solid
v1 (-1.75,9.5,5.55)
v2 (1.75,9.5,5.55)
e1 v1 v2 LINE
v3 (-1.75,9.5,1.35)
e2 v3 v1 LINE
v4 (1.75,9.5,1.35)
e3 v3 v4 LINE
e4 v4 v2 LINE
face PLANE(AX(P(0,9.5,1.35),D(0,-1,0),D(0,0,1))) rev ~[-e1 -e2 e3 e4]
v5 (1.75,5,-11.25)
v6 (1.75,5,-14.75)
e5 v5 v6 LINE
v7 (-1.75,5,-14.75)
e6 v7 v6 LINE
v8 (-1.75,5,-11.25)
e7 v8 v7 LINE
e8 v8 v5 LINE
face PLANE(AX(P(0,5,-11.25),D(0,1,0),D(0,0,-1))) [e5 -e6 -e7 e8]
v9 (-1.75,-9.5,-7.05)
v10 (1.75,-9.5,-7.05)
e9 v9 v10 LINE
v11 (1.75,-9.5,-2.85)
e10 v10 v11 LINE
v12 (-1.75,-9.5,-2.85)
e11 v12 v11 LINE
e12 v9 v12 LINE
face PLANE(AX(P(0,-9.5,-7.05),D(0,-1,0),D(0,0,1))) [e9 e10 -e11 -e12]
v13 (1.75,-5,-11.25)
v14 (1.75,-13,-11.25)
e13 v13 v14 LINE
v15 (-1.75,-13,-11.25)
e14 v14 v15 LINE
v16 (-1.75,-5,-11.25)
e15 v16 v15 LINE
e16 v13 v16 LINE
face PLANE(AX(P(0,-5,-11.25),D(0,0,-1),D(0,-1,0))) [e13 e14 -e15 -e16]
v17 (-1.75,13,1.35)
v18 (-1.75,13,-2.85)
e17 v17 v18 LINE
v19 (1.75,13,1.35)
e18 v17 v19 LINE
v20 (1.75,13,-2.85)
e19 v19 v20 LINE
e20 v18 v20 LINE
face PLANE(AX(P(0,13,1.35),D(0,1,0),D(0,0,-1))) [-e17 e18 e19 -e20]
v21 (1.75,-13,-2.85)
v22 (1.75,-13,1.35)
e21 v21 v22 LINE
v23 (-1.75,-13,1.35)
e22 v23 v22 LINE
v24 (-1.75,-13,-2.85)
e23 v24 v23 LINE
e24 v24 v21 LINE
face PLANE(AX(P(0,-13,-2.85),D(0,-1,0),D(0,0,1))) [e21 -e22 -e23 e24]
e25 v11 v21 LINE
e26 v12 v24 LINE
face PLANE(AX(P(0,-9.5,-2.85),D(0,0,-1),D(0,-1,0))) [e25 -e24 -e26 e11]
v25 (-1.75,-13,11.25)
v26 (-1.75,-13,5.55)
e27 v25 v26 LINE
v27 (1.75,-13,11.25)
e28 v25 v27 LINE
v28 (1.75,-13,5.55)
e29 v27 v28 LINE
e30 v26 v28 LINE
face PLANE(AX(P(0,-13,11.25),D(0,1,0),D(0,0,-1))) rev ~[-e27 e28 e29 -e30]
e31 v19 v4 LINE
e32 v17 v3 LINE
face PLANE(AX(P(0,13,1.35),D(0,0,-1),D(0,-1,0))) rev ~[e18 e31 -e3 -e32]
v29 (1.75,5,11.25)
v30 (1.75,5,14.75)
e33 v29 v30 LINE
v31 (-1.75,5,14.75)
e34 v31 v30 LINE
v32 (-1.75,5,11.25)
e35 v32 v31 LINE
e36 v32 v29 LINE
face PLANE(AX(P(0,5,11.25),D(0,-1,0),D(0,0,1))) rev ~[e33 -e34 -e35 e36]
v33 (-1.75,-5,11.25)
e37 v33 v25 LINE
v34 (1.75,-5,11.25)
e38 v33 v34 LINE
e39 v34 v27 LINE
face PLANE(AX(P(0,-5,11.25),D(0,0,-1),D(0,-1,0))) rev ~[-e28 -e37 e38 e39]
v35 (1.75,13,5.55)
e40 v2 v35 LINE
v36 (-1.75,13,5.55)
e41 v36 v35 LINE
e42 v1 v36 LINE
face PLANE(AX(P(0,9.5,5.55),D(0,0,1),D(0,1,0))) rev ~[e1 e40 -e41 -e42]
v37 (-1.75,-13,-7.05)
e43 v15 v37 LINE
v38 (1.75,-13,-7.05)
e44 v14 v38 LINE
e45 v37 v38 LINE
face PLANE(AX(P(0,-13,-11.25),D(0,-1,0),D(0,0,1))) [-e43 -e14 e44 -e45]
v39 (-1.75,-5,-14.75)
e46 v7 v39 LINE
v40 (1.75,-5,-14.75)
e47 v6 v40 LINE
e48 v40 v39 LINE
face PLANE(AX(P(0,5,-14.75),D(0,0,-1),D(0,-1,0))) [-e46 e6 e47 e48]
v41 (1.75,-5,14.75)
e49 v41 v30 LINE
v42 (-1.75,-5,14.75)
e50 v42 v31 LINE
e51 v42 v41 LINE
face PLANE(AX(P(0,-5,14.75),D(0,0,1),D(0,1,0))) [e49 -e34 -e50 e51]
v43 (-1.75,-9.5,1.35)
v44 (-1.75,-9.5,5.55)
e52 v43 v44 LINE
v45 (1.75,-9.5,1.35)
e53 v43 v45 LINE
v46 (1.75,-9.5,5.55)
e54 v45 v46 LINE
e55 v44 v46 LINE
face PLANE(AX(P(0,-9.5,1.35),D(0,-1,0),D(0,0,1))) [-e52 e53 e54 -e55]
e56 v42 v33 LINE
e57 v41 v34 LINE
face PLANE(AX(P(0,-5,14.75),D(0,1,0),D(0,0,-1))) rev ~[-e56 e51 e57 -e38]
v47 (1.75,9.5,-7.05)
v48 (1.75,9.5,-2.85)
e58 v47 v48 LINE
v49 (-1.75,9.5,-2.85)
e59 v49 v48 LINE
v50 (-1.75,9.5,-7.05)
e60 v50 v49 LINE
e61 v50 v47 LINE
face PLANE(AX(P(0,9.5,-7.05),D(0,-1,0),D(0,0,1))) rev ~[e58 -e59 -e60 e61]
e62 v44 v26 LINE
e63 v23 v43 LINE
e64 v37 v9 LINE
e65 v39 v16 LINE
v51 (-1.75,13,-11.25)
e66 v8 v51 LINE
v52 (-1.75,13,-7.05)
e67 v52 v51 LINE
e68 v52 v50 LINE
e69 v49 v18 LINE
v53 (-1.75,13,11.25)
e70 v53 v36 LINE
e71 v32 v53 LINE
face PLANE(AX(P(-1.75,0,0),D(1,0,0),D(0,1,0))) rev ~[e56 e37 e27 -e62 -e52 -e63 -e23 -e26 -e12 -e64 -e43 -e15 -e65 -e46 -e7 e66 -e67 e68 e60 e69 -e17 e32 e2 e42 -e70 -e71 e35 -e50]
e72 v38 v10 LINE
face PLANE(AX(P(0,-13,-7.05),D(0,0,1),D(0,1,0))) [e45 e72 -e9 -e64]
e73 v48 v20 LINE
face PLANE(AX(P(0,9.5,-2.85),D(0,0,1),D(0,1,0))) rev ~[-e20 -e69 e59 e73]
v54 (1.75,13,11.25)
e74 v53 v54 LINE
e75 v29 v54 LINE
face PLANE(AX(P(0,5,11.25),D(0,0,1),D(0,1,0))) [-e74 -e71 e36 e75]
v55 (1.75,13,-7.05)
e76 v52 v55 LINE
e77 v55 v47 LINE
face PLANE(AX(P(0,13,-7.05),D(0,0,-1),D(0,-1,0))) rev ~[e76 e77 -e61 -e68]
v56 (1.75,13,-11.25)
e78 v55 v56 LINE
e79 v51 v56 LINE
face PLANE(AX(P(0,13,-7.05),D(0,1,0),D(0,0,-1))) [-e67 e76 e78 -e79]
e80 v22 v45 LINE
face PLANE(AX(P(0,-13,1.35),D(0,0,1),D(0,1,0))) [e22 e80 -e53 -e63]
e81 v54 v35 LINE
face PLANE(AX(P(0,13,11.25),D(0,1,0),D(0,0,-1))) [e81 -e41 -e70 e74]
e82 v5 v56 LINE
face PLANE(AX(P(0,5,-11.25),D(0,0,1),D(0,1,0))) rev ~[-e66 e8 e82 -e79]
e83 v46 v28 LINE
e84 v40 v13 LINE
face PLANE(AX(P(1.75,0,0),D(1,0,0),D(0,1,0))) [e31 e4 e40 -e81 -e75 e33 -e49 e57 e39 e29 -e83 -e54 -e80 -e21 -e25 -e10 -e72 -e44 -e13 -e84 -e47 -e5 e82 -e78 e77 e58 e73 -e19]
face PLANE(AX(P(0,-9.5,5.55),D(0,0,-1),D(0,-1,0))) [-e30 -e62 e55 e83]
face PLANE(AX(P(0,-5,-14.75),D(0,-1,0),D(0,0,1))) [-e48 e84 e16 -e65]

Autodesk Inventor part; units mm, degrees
ref_plane "YZ Plane" through (0, 0, 0) normal (1, 0, 0) x (0, 1, 0)
ref_plane "XZ Plane" through (0, 0, 0) normal (0, 1, 0) x (-1, 0, 0)
ref_plane "XY Plane" through (0, 0, 0) normal (0, 0, 1) x (1, 0, 0)
sketch "Sketch1" plane through (0, 0, 0) normal (1, 0, 0) x (0, 1, 0)
  line L0 (13, -14.75) -> (-13, -14.75)
  line L1 (-13, -14.75) -> (-13, 14.75) construction
  line L2 (-13, 14.75) -> (13, 14.75)
  line L3 (13, 14.75) -> (13, -14.75)
  line L4 (5, -14.75) -> (-5, -14.75)
  line L5 (-5, -14.75) -> (-5, -11.25)
  line L6 (-5, -11.25) -> (5, -11.25)
  line L7 (5, -11.25) -> (5, -14.75)
  line L8 (-5, -11.25) -> (-13, -11.25)
  line L9 (-13, -11.25) -> (-13, -7.05)
  line L10 (-13, -7.05) -> (-9.5, -7.05)
  line L11 (-9.5, -7.05) -> (-9.5, -2.85)
  line L12 (-9.5, -2.85) -> (-13, -2.85)
  line L13 (-13, -2.85) -> (-13, 1.35)
  line L14 (-13, 1.35) -> (-9.5, 1.35)
  line L15 (-9.5, 1.35) -> (-9.5, 5.55)
  line L16 (-9.5, 5.55) -> (-13, 5.55)
  line L17 (5, 14.75) -> (-5, 14.75)
  line L18 (-5, 14.75) -> (-5, 11.25)
  line L19 (-5, 11.25) -> (5, 11.25)
  line L20 (5, 11.25) -> (5, 14.75)
  line L21 (-5, 11.25) -> (-13, 11.25)
  line L22 (0, 0) -> (0, -1.9359)
  line L23 (5, -11.25) -> (13, -11.25)
  line L24 (13, -7.05) -> (9.5, -7.05)
  line L25 (9.5, -7.05) -> (9.5, -2.85)
  line L26 (9.5, -2.85) -> (13, -2.85)
  line L27 (13, 1.35) -> (9.5, 1.35)
  line L28 (9.5, 1.35) -> (9.5, 5.55)
  line L29 (9.5, 5.55) -> (13, 5.55)
  line L30 (5, 11.25) -> (13, 11.25)
  line L31 (-13, 11.25) -> (-13, 5.55)
  line L32 (-13, 1.35) -> (-13, -2.85)
  line L33 (-13, -7.05) -> (-13, -11.25)
  point P0 (0, -14.75)
  point P1 (-13, 0)
  point P2 (0, -11.25)
  point P3 (-5, -14.75)
  dimension "d0" = 26
  dimension "d1" = 29.5
  dimension "d2" = 10
  dimension "d3" = 3.5
  dimension "d4" = 4.2
  dimension "d5" = 3.5
  dimension "d6" = 4.2
  dimension "d7" = 4.2
  dimension "d8" = 4.2
  dimension "d9" = 3.5
extrude "Extrusion1" add sketch "Sketch1" along normal mid plane 3.5 contours L0 L5 L6 L7 | L23 L6 L8 L9 L10 L11 L12 L13 L14 L15 L16 L31 L21 L19 L30 L3 L29 L28 L27 L26 L25 L24 | L19 L18 L2 L20
sketch "Sketch2" plane through (1.75, 0, 0) normal (1, 0, 0) x (0, 0, -1)
  point P0 (0, 0)
properties part number "Stran Stran"
